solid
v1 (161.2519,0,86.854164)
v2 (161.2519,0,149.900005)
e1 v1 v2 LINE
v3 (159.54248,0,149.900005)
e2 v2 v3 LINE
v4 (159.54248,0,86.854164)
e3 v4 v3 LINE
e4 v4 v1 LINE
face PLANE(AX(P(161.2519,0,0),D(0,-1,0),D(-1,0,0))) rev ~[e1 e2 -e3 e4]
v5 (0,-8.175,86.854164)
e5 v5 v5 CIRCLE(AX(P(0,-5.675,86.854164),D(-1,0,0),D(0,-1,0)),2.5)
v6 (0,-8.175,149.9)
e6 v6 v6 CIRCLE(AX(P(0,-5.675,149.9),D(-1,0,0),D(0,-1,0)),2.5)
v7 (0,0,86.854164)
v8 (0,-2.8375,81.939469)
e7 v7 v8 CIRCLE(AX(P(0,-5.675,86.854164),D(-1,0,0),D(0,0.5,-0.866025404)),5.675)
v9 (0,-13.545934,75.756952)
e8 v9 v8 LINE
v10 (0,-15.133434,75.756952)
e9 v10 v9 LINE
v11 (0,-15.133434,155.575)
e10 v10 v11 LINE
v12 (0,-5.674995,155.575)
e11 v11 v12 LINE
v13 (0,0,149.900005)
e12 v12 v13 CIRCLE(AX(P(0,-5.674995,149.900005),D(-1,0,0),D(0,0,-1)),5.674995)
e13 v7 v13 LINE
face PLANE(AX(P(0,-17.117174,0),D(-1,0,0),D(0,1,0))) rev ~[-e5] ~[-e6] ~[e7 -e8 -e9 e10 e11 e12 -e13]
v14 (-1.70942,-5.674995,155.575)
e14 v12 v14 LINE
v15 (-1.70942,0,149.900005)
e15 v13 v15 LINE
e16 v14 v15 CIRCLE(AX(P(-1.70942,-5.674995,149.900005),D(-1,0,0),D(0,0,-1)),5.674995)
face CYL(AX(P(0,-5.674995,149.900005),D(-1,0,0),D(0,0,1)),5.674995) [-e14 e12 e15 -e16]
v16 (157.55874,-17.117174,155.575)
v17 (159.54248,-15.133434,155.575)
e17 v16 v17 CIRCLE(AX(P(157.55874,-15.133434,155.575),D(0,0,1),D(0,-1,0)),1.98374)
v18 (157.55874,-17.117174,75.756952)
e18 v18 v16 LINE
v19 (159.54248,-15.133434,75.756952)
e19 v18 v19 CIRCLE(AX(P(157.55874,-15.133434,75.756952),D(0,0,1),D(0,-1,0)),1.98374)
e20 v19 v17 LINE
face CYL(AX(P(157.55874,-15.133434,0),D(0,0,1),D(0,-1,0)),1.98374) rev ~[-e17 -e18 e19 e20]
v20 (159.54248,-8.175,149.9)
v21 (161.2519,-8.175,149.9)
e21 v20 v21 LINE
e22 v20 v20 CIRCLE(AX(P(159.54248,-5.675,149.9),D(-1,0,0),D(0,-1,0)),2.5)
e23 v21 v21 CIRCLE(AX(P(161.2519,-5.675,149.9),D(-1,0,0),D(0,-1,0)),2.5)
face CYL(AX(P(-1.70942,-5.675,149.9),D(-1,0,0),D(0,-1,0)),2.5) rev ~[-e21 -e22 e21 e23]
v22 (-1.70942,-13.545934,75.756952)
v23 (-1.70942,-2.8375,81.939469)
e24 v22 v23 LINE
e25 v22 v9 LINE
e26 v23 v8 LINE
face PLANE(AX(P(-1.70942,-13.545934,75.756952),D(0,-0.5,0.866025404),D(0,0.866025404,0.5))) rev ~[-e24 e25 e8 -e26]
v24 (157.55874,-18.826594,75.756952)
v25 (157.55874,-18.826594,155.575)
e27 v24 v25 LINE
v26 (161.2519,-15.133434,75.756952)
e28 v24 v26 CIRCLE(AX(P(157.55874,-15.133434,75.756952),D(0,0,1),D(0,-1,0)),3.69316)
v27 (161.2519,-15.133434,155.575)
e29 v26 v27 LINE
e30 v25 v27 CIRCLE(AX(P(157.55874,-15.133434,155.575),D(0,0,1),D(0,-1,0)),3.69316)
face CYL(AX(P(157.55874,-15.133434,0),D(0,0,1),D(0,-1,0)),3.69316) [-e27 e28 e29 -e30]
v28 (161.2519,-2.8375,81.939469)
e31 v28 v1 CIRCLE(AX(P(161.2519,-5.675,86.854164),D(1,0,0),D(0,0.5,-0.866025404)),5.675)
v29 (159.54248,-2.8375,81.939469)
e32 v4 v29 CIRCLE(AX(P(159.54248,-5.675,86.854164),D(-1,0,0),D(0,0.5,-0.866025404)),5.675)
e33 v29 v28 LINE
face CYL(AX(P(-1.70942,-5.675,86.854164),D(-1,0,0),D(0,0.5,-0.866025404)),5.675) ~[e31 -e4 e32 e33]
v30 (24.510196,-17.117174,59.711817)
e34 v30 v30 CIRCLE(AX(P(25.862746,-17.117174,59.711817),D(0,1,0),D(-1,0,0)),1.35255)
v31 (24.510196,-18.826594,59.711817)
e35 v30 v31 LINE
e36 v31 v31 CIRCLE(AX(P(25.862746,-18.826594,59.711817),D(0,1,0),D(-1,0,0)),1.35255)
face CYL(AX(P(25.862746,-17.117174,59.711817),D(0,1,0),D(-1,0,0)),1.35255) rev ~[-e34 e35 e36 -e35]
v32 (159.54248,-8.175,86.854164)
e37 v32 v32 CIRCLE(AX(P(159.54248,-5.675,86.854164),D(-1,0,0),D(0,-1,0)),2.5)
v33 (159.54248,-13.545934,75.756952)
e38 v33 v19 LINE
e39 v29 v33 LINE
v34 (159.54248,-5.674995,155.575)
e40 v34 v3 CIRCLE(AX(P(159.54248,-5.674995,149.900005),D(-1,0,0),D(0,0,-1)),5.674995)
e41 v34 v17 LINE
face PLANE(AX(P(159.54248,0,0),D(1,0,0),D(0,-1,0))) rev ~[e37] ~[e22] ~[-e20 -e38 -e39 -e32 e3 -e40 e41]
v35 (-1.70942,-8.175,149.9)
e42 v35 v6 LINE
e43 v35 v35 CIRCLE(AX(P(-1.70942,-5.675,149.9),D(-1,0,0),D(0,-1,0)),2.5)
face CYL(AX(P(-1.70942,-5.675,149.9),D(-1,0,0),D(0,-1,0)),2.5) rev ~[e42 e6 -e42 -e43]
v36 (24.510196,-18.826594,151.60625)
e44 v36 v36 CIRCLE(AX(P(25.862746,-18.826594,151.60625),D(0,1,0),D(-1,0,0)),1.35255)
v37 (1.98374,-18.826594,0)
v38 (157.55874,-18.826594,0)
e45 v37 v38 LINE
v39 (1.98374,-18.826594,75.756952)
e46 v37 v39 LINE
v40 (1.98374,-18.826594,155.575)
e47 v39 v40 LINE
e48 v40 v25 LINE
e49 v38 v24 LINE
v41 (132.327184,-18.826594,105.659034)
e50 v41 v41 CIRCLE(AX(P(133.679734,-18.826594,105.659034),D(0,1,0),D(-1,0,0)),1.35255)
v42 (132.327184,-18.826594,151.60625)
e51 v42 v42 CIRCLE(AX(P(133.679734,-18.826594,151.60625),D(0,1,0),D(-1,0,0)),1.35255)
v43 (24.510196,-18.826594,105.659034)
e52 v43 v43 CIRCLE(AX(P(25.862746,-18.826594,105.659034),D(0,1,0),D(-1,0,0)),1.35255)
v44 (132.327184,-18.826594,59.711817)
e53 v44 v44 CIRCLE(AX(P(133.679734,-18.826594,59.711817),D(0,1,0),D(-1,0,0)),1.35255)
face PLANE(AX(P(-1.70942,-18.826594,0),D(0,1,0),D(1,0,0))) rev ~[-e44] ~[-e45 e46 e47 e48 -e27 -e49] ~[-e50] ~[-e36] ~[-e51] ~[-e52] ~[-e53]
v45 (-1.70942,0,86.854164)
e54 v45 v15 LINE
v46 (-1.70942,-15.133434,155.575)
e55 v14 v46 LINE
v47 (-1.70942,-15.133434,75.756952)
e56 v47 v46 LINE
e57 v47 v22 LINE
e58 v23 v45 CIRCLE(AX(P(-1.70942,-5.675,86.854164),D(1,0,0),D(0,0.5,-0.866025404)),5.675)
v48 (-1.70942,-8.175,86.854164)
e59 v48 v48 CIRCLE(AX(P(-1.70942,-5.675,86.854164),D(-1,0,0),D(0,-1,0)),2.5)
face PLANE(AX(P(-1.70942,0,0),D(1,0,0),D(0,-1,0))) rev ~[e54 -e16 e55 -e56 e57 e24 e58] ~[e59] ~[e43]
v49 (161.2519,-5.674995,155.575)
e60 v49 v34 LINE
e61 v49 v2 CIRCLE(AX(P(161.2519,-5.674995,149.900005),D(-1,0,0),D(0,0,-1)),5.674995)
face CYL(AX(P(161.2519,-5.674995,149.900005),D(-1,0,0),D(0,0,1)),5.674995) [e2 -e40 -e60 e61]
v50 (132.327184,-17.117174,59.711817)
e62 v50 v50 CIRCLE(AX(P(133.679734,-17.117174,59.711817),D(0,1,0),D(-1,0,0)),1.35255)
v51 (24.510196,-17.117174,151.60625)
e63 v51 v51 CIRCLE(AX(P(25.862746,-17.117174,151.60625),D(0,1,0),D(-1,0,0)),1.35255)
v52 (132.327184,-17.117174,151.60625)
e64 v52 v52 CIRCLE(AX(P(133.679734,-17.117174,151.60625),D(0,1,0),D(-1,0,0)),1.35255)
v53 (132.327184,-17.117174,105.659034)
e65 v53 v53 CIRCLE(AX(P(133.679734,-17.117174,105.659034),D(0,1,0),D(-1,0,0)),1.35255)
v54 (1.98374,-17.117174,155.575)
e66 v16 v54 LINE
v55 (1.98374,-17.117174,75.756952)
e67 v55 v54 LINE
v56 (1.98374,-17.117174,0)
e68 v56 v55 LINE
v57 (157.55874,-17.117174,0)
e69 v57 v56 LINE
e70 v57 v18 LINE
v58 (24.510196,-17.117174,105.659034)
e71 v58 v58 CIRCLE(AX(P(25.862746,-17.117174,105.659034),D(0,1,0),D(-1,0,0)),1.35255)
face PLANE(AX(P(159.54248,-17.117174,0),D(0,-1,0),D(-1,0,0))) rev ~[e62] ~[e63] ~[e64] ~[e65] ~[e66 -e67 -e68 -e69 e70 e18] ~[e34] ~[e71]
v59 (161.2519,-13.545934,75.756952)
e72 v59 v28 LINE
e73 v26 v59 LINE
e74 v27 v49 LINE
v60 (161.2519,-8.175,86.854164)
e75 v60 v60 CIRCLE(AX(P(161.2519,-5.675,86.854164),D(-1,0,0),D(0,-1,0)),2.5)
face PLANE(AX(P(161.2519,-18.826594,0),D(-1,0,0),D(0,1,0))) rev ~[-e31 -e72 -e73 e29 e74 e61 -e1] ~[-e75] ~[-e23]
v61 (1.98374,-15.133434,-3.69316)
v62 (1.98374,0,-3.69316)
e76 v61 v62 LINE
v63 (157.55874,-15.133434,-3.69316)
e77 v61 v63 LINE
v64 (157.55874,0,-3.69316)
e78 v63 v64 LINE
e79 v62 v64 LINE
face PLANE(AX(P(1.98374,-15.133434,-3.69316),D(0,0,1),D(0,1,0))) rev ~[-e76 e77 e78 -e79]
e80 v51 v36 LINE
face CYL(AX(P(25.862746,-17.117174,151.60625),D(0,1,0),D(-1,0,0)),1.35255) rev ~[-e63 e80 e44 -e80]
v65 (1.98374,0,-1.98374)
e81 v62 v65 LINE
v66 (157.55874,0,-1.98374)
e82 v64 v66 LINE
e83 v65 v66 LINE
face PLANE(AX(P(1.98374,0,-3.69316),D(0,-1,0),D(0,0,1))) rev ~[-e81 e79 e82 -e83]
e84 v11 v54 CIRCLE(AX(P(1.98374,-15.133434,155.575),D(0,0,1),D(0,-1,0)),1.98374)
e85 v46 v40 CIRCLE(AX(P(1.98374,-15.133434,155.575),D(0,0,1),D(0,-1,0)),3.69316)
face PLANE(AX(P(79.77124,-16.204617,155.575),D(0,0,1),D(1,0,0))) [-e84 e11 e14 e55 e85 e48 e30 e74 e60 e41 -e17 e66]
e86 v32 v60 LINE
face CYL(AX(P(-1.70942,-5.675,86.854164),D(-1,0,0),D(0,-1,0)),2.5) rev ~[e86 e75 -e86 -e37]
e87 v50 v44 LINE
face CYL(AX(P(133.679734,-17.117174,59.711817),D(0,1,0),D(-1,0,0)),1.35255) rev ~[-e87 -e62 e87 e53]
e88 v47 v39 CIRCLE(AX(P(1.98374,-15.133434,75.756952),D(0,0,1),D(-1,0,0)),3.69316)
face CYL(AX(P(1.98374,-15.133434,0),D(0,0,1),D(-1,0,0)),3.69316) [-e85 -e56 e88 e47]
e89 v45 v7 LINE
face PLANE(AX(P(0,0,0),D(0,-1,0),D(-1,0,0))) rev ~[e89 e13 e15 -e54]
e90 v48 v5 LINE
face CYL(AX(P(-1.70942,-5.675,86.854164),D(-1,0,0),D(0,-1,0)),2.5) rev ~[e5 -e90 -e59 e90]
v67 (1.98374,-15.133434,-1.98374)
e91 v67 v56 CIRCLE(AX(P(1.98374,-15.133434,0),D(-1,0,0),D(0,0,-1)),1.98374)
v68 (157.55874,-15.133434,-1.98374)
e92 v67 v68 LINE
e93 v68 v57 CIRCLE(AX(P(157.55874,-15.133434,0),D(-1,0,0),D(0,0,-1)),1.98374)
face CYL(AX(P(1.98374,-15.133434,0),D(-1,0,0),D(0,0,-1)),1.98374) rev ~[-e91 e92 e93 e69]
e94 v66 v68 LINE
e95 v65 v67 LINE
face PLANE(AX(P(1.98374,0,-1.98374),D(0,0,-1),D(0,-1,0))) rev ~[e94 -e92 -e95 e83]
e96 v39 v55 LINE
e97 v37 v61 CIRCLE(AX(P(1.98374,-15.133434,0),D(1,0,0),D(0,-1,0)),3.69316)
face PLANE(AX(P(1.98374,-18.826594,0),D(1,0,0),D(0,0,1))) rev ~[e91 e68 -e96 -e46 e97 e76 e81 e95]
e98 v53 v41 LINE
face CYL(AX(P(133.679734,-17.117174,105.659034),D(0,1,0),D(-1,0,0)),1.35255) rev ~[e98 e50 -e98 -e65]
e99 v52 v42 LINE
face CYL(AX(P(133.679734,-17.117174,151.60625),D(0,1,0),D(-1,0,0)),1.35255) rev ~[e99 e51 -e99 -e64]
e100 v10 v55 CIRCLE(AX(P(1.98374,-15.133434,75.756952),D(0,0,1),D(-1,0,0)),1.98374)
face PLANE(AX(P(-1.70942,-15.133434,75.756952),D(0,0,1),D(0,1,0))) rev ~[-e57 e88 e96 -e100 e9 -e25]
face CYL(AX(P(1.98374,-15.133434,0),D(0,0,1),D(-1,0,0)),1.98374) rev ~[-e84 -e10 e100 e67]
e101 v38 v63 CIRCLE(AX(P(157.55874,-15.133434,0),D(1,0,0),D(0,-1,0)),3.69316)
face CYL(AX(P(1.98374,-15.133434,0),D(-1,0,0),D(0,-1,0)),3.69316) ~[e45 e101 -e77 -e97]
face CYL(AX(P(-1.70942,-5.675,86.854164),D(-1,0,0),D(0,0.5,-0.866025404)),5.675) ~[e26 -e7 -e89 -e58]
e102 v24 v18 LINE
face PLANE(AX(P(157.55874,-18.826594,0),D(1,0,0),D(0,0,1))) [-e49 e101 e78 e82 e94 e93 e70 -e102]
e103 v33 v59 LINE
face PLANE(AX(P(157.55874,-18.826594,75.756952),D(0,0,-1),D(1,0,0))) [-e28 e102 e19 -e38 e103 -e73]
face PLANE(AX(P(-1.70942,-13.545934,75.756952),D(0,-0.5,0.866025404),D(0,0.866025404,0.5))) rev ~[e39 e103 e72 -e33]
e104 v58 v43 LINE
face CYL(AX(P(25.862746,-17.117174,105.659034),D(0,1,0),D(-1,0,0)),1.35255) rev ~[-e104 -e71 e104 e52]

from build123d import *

# Parameters (mm, degrees)
F1_DEPTH  = 155.575
F2_R      = 3.69316
F3_R      = 1.98374
F7_DEPTH  = 155.575
F8_R      = 2.5
F9_DEPTH  = 162.96132
F10_R     = 5.674995
F11_R     = 1.35255
F12_DEPTH = 1.70942
F13_W     = 3.69316
F13_H     = 75.7569519651
F14_DEPTH = 3.69316


with BuildPart() as f1:
    # F0 (on Top) → F1 (new body)
    with BuildSketch(Plane.XY):
        Polygon((0, 0), (-1.70942, 0), (-1.70942, -18.8265943), (161.2519, -18.8265943), (161.2519, 0), (159.54248, 0), (159.54248, -17.1171743), (0, -17.1171743), align=None)
    extrude(amount=F1_DEPTH)

    # F2
    f2_edges = [f1.edges().sort_by_distance(p)[0] for p in [
        (161.2519, -18.826594, 77.7875),
        (-1.70942, -18.826594, 77.7875),
    ]]
    fillet(f2_edges, radius=F2_R)

    # F3
    f3_edges = [f1.edges().sort_by_distance(p)[0] for p in [
        (159.54248, -17.117174, 77.7875),
        (0, -17.117174, 77.7875),
    ]]
    fillet(f3_edges, radius=F3_R)

    # F5 (on offset) → F7 (join, through all)
    with BuildSketch(Plane.YZ.offset(1.98374)):
        with BuildLine():
            Line((-17.1171743, 0), (-18.8265943, 0))
            ThreePointArc((-18.8265943, 0), (-17.74489278, -2.61145848), (-15.1334343, -3.69316))
            Line((-15.1334343, -3.69316), (0, -3.69316))
            Line((0, -3.69316), (0, -1.98374))
            Line((0, -1.98374), (-15.1334343, -1.98374))
            ThreePointArc((-15.1334343, -1.98374), (-16.5361503061, -1.4027160061), (-17.1171743, 0))
        make_face()
    extrude(amount=F7_DEPTH)

    # F8 (on face) → F9 (cut, through all)
    with BuildSketch(Plane(origin=(-1.70942, 0, 0), x_dir=(0, -1, 0), z_dir=(-1, 0, 0))):
        with Locations((5.675, 149.9)):
            Circle(F8_R)
        with Locations((5.675, 86.8541635573)):
            Circle(F8_R)
        with BuildLine():
            ThreePointArc((2.8375, 81.9394693908), (0.7603058335, 84.0166635573), (0, 86.8541635573))
            Line((0, 86.8541635573), (0, 0))
            Line((0, 0), (15.1334343, 0))
            Line((15.1334343, 0), (15.1334343, 75.7569519651))
            Line((15.1334343, 75.7569519651), (13.5459343, 75.7569519651))
            Line((13.5459343, 75.7569519651), (2.8375, 81.9394693908))
        make_face()
    extrude(amount=-F9_DEPTH, mode=Mode.SUBTRACT)

    # F10
    f10_edges = [f1.edges().sort_by_distance(p)[0] for p in [
        (-0.85471, 0, 155.575),
        (160.39719, 0, 155.575),
    ]]
    fillet(f10_edges, radius=F10_R)

    # F11 (on face) → F12 (cut, through all)
    with BuildSketch(Plane(origin=(0, -17.1171743, 0), x_dir=(-1, 0, 0), z_dir=(0, 1, 0))):
        with Locations((-25.8627459407, 59.7118170977)):
            Circle(F11_R)
        with Locations((-25.8627459407, 105.6590335488)):
            Circle(F11_R)
        with Locations((-25.8627459407, 151.60625)):
            Circle(F11_R)
        with Locations((-133.6797340593, 151.60625)):
            Circle(F11_R)
        with Locations((-133.6797340593, 105.6590335488)):
            Circle(F11_R)
        with Locations((-133.6797340593, 59.7118170977)):
            Circle(F11_R)
    extrude(amount=-F12_DEPTH, mode=Mode.SUBTRACT)

    # F13 (on face) → F14 (cut, through all)
    with BuildSketch(Plane.XZ.offset(18.8265943)):
        with Locations((0.13716, 37.8784759826)):
            Rectangle(F13_W, F13_H)
        with Locations((159.40532, 37.8784759826)):
            Rectangle(F13_W, F13_H)
    extrude(amount=-F14_DEPTH, mode=Mode.SUBTRACT)


solid = f1.part
